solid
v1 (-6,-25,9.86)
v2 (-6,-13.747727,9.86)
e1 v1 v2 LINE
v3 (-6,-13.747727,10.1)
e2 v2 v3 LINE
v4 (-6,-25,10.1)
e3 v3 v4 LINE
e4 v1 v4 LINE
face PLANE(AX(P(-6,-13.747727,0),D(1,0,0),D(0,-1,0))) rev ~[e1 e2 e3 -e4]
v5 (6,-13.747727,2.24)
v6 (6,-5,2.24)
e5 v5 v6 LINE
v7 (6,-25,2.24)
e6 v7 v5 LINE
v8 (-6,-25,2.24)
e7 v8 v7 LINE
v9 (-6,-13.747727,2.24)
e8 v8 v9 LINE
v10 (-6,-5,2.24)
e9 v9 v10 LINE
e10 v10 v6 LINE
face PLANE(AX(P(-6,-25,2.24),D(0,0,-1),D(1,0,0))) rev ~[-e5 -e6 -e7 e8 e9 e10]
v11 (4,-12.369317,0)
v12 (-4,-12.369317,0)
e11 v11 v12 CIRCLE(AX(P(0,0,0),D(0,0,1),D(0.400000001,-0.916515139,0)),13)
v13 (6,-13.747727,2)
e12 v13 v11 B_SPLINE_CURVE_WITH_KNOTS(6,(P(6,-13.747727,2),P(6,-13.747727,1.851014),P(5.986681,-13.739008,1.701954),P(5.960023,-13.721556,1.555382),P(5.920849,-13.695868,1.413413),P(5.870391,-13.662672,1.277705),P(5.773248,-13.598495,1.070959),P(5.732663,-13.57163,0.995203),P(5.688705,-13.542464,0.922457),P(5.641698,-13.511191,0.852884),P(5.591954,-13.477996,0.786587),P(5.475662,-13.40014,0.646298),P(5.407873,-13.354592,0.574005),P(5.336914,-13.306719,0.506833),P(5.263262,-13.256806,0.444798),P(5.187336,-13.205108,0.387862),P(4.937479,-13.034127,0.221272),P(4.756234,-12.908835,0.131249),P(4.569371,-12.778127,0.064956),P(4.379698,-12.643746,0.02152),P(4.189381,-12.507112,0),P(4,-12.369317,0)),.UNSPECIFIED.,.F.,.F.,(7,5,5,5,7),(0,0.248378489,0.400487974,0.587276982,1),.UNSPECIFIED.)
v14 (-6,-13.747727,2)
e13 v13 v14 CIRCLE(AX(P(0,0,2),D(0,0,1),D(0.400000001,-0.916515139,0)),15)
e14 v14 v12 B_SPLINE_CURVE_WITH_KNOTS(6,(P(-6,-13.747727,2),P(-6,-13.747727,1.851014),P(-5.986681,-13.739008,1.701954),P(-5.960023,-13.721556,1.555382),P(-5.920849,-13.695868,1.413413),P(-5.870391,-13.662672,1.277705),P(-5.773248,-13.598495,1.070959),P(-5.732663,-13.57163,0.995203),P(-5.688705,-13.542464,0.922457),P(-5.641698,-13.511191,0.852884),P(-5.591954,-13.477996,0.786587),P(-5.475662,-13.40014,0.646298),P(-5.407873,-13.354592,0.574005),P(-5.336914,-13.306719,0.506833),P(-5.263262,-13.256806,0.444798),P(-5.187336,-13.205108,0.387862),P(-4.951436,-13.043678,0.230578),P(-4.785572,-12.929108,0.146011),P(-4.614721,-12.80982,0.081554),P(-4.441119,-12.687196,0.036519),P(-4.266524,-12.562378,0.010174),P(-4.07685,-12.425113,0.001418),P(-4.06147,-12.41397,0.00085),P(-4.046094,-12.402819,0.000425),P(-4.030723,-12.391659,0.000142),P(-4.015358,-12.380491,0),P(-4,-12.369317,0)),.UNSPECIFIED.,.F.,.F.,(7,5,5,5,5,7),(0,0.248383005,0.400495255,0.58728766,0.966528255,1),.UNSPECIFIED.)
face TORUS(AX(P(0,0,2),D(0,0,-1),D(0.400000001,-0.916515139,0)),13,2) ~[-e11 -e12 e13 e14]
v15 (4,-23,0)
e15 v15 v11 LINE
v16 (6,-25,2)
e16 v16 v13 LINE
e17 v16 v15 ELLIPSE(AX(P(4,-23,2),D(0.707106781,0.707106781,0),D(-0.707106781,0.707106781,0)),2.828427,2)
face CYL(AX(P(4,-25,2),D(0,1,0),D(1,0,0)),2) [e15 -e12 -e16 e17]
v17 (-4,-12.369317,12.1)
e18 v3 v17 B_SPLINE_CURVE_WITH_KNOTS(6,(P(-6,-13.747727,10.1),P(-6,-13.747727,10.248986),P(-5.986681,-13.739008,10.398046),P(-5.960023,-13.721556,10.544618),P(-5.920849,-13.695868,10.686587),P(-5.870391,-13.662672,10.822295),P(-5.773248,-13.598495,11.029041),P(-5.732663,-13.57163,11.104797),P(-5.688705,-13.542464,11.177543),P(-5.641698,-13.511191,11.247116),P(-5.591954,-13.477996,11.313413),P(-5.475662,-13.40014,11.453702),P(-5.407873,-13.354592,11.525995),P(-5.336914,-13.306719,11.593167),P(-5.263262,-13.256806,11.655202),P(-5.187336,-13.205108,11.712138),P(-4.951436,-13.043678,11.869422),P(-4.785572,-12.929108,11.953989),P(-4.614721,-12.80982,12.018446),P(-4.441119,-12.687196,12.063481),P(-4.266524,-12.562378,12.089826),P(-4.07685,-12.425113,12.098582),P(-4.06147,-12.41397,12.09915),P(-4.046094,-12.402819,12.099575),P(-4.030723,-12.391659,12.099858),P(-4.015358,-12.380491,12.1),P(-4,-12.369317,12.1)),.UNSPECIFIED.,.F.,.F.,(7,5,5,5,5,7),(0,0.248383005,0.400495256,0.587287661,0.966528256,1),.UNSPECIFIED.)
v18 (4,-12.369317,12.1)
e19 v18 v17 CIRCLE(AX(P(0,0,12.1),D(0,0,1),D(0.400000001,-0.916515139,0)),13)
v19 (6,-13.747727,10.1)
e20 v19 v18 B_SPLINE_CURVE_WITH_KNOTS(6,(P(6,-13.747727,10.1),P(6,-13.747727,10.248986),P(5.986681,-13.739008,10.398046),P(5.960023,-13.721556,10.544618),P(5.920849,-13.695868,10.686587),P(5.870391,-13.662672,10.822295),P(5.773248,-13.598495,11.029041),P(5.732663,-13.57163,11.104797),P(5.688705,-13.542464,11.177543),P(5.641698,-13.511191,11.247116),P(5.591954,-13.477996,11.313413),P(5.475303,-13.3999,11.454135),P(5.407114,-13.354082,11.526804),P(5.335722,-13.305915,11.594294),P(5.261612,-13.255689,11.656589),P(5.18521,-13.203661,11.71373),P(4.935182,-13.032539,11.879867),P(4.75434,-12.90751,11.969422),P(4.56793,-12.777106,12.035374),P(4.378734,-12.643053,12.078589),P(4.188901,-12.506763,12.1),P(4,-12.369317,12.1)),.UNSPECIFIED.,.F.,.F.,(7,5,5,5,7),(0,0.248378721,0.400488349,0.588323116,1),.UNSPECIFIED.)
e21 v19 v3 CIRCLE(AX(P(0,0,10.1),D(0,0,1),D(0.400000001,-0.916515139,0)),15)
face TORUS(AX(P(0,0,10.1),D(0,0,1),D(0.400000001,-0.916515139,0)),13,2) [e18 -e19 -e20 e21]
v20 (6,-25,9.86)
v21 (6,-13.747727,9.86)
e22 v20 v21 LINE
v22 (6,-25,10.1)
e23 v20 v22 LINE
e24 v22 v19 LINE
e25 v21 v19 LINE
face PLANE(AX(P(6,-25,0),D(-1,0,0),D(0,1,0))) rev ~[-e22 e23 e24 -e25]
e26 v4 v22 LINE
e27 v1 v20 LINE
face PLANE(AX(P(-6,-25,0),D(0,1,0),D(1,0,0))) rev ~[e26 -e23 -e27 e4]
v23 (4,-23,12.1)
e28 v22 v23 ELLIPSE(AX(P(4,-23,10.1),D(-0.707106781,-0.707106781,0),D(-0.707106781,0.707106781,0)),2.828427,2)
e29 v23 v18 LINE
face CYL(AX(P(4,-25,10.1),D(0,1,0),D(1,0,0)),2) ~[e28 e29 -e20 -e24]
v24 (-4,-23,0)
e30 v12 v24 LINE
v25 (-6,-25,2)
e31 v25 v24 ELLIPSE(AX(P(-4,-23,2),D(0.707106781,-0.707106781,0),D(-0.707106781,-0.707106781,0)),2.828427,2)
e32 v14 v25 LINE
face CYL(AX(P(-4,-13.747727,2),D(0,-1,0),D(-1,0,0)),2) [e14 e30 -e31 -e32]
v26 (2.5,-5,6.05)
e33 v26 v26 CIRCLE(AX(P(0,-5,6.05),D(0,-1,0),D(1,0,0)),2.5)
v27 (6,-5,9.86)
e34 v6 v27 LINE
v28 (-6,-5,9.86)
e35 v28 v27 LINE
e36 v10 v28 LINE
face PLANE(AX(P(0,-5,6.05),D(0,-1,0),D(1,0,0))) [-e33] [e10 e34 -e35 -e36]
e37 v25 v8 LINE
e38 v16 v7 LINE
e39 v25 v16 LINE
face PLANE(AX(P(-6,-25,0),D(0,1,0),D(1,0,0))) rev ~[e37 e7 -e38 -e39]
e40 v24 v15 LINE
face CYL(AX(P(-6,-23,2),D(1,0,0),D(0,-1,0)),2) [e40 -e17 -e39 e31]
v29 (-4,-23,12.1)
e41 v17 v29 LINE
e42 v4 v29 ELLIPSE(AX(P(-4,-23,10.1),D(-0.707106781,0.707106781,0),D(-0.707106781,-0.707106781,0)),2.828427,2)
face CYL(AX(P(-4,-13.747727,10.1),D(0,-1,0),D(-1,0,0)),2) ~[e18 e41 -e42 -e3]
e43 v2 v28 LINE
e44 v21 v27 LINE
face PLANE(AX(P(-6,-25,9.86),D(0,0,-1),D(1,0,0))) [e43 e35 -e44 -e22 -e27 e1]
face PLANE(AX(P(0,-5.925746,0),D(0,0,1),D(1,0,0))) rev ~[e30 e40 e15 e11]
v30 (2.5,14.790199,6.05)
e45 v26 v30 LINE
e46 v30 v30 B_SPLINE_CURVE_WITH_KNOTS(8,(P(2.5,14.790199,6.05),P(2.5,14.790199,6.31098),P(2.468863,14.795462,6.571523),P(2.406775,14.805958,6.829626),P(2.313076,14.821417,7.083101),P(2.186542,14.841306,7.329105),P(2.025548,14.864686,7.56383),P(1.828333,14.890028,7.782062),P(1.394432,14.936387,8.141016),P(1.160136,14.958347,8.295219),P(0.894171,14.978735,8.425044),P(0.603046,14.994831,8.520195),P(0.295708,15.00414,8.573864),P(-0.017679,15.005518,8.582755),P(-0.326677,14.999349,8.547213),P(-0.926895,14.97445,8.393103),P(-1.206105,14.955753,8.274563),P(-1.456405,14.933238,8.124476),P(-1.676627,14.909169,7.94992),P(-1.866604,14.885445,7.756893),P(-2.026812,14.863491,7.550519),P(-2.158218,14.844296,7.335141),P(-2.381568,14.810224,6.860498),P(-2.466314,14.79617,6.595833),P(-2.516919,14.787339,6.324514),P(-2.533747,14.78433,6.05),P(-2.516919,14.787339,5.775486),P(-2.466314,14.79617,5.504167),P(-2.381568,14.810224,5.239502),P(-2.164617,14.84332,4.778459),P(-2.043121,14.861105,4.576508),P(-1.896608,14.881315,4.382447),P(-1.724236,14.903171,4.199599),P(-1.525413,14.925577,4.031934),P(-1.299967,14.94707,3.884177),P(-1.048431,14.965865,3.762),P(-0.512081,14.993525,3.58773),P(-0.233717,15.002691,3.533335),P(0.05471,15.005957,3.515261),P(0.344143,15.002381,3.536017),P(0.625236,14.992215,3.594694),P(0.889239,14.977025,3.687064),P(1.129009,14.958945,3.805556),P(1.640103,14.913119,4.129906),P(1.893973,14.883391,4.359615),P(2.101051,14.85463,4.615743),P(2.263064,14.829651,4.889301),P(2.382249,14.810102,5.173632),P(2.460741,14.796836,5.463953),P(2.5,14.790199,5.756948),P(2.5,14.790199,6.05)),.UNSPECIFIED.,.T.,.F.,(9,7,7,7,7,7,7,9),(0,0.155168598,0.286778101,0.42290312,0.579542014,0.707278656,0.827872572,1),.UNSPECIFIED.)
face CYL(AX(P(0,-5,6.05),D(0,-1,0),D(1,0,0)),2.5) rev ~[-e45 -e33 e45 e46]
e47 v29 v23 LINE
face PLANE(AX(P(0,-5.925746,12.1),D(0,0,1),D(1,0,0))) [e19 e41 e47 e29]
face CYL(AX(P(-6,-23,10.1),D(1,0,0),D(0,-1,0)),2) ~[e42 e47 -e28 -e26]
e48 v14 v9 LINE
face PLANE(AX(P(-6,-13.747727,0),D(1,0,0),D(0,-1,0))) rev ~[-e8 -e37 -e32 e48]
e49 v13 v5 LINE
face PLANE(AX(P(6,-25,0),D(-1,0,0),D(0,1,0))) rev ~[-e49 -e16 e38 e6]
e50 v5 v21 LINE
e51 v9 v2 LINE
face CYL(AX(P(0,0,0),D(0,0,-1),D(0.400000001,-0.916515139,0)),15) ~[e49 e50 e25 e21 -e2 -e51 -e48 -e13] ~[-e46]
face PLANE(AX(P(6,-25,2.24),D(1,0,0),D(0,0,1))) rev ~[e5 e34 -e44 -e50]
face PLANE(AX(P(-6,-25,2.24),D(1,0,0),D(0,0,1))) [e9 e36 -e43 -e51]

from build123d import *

# Parameters (mm, degrees)
F1_DEPTH = 12.1
F2_R     = 2
F3_W     = 12
F3_H     = 7.62
F4_DEPTH = 20
F5_R     = 2.5
F6_DEPTH = 33.782


with BuildPart() as f1:
    # F0 (on Top) → F1 (new body)
    with BuildSketch(Plane.XY):
        with BuildLine():
            Line((6, -25), (6, -13.747727))
            ThreePointArc((6, -13.747727), (0, 15), (-6, -13.747727))
            Line((-6, -13.747727), (-6, -25))
            Line((-6, -25), (0, -25))
            Line((0, -25), (6, -25))
        make_face()
    extrude(amount=F1_DEPTH)

    # F2
    f2_edges = [f1.edges().sort_by_distance(p)[0] for p in [
        (0, 15, 12.1),
        (6, -19.373864, 12.1),
        (-6, -19.373864, 12.1),
        (0, -25, 12.1),
        (0, 15, 0),
        (6, -19.373864, 0),
        (-6, -19.373864, 0),
        (0, -25, 0),
    ]]
    fillet(f2_edges, radius=F2_R)

    # F3 (on face) → F4 (cut)
    with BuildSketch(Plane.XZ.offset(25)):
        with Locations((0, 6.05)):
            Rectangle(F3_W, F3_H)
    extrude(amount=-F4_DEPTH, mode=Mode.SUBTRACT)

    # F5 (on face) → F6 (cut)
    with BuildSketch(Plane.XZ.offset(5)):
        with Locations((0, 6.05)):
            Circle(F5_R)
    extrude(amount=-F6_DEPTH, mode=Mode.SUBTRACT)


solid = f1.part
